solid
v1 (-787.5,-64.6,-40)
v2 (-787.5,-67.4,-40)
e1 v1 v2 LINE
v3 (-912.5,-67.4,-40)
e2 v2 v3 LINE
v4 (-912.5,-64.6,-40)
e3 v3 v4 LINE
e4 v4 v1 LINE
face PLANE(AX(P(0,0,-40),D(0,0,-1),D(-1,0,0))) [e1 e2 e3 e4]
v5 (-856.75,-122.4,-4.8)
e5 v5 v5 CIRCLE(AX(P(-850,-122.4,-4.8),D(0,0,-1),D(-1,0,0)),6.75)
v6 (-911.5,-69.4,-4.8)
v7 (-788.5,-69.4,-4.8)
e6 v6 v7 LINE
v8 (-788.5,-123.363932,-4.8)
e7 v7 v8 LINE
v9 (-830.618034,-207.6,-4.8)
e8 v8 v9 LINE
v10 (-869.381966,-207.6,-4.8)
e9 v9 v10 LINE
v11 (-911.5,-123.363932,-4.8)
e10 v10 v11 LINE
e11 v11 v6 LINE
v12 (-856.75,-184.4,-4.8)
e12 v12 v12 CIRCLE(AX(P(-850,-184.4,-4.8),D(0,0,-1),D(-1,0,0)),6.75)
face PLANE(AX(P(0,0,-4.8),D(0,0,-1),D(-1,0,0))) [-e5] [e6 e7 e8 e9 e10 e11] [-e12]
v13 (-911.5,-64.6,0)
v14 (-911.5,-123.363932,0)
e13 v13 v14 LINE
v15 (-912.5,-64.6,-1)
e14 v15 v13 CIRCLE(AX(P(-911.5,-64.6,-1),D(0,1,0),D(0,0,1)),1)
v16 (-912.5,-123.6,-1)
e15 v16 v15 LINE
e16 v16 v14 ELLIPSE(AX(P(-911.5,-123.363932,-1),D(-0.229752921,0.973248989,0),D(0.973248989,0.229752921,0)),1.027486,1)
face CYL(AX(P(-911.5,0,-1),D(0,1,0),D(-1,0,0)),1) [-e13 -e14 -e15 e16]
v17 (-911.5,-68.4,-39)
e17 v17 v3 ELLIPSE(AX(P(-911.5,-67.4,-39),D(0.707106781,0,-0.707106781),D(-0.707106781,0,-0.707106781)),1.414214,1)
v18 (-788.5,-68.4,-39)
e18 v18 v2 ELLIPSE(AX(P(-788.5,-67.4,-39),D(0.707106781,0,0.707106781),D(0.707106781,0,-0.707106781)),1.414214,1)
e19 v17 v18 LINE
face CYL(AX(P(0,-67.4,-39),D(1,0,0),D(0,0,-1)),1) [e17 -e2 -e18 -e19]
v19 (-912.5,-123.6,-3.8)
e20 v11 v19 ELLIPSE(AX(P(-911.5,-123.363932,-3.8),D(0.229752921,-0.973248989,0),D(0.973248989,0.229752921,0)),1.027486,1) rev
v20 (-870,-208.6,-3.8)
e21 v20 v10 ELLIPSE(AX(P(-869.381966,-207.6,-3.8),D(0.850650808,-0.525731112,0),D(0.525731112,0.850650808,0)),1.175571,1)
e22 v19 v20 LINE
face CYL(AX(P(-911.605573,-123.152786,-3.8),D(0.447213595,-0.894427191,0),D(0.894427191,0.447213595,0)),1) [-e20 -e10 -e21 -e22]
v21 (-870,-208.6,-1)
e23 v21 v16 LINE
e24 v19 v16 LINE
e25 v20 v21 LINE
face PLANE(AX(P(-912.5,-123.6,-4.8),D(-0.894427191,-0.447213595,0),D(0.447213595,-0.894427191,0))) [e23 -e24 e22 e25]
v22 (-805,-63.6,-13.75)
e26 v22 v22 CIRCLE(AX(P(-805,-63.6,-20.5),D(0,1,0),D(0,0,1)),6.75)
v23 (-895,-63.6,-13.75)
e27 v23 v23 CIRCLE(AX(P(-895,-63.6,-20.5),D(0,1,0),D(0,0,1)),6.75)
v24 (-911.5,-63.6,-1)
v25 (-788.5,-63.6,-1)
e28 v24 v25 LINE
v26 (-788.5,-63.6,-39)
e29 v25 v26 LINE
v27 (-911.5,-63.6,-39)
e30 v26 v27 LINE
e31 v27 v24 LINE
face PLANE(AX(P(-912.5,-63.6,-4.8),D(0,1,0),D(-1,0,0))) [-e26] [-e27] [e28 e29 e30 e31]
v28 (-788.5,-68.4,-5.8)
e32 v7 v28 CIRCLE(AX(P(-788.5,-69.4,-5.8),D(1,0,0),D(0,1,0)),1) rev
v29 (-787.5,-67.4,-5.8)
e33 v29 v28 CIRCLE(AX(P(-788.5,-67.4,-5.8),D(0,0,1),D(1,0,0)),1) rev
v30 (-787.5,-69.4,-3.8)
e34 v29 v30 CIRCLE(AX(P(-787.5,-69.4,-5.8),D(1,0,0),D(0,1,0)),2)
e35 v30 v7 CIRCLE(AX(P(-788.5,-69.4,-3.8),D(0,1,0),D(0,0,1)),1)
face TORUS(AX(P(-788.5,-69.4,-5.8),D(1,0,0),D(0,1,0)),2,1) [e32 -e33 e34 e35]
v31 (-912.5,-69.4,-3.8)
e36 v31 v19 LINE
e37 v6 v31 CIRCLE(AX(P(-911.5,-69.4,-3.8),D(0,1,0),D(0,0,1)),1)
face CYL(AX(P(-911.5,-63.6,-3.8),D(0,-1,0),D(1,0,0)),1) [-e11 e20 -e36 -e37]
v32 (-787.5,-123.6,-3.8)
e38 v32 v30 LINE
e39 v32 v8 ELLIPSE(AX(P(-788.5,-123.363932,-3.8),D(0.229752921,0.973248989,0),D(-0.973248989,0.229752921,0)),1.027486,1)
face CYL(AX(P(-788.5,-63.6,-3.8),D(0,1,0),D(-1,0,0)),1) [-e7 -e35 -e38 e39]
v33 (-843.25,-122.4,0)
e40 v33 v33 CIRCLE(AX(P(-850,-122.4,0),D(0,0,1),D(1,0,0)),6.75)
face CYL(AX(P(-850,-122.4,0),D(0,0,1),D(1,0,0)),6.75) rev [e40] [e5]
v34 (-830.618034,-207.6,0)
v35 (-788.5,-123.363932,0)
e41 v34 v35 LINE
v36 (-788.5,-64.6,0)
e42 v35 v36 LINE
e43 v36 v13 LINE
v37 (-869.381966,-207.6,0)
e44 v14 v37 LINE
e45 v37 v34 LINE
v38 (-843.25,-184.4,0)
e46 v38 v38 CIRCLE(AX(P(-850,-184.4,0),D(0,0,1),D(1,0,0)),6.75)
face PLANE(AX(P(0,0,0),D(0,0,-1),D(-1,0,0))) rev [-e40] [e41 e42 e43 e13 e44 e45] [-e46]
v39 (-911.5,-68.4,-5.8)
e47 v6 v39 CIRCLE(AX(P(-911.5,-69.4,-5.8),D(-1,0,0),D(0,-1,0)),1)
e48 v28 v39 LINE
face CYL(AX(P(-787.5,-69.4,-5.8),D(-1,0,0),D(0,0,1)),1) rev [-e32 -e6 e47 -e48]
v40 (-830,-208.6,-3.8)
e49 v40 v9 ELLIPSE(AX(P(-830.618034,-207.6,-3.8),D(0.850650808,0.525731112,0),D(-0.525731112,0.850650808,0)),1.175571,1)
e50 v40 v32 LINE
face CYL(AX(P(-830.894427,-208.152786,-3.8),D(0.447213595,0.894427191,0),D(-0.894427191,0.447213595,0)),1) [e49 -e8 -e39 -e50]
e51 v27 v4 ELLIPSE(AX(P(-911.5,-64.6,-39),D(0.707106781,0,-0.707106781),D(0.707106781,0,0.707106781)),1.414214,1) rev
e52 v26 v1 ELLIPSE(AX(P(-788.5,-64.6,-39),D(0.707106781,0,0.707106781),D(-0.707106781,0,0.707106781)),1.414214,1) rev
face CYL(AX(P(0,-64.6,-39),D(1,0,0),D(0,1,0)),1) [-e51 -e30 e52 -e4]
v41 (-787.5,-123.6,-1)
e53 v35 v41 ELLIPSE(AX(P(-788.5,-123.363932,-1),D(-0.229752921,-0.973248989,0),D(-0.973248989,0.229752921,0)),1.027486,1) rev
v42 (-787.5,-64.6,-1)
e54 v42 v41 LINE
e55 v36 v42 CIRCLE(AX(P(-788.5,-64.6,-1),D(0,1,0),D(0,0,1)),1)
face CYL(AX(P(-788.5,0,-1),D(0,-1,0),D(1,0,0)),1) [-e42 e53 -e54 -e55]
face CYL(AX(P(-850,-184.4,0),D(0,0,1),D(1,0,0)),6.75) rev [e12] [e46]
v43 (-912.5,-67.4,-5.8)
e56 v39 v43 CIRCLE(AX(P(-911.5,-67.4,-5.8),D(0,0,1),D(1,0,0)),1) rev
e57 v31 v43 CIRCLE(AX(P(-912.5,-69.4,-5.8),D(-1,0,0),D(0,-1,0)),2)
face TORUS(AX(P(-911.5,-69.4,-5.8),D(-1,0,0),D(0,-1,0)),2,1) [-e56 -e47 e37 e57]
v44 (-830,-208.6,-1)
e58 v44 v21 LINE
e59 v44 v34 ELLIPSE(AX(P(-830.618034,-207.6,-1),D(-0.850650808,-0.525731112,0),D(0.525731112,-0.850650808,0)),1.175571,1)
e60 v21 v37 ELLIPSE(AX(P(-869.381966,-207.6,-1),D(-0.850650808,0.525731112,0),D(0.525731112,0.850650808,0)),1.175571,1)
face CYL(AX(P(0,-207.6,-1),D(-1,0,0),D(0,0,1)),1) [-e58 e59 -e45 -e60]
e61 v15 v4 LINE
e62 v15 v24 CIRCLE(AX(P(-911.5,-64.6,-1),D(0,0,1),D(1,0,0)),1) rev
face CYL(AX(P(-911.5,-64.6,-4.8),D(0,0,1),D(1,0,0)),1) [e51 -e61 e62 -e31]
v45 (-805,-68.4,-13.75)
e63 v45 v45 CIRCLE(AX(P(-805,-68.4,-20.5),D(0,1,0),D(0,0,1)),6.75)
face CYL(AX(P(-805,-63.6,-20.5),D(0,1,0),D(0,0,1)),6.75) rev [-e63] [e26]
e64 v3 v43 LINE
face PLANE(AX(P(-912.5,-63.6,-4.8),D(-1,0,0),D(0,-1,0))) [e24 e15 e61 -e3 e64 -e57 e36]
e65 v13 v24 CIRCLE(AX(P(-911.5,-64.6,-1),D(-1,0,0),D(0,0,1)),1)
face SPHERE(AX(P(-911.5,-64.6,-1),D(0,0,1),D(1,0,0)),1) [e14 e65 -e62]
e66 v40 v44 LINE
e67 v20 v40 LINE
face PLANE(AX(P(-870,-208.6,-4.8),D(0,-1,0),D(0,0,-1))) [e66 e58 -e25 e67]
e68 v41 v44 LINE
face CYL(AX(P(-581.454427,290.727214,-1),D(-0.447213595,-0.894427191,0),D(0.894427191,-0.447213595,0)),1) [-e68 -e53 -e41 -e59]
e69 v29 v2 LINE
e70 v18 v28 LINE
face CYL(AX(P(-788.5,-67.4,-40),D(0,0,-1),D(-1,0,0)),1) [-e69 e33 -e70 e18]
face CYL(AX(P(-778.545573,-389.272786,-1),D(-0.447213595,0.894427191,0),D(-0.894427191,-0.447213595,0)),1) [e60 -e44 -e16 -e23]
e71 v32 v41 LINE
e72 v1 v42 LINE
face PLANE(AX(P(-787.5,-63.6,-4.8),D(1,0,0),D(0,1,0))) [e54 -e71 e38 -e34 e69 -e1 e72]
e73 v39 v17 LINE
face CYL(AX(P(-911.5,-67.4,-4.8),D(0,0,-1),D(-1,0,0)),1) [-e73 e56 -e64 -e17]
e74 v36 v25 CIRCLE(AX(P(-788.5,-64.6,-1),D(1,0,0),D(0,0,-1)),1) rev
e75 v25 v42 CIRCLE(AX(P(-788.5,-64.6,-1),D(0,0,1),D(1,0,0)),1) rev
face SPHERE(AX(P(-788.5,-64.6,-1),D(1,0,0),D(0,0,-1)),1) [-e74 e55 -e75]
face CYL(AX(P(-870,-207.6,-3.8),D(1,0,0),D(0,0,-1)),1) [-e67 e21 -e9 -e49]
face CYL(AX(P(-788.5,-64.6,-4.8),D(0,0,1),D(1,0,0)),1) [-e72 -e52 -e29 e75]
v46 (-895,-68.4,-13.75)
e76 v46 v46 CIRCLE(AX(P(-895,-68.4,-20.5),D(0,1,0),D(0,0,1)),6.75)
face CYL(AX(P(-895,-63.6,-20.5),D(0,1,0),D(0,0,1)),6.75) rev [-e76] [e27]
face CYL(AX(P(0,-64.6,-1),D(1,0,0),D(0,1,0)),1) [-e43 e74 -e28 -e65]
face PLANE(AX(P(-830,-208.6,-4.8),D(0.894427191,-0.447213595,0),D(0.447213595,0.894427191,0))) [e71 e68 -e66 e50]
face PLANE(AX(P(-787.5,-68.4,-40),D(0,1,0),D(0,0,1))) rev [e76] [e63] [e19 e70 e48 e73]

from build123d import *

# Parameters (mm, degrees)
SALIENTE_EXTRUIR1_DEPTH       = 4.8
CROQUIS2_W                    = 125
CROQUIS2_H                    = 4.8
SALIENTE_EXTRUIR2_DEPTH       = 35.2
REDONDEO1_R                   = 1
TALADRO_DE_MARGEN_PARA_M121_D = 13.5
TALADRO_DE_MARGEN_PARA_M122_D = 13.5


with BuildPart() as part:
    # Croquis1 → Saliente-Extruir1 (new body)
    with BuildSketch(Plane.XY):
        Polygon((-912.5, -63.6), (-912.5, -123.6), (-870, -208.6), (-830, -208.6), (-787.5, -123.6), (-787.5, -63.6), align=None)
    extrude(amount=-SALIENTE_EXTRUIR1_DEPTH)

    # Croquis2 → Saliente-Extruir2 (add)
    with BuildSketch(Plane(origin=(0, 0, -4.8), x_dir=(-1, 0, 0), z_dir=(0, 0, -1))):
        with Locations((850, -66)):
            Rectangle(CROQUIS2_W, CROQUIS2_H)
    extrude(amount=SALIENTE_EXTRUIR2_DEPTH)

    # Redondeo1
    redondeo1_edges = [part.edges().sort_by_distance(p)[0] for p in [
        (-912.5, -63.6, -20),
        (-787.5, -63.6, -20),
        (-912.5, -96, -4.8),
        (-891.25, -166.1, -4.8),
        (-850, -68.4, -4.8),
        (-787.5, -68.4, -22.4),
        (-912.5, -68.4, -22.4),
        (-850, -68.4, -40),
        (-850, -63.6, -40),
        (-850, -208.6, -4.8),
        (-808.75, -166.1, -4.8),
        (-850, -208.6, 0),
        (-891.25, -166.1, 0),
        (-912.5, -93.6, 0),
        (-850, -63.6, 0),
        (-787.5, -93.6, 0),
        (-808.75, -166.1, 0),
        (-787.5, -96, -4.8),
    ]]
    fillet(redondeo1_edges, radius=REDONDEO1_R)

    # Taladro de margen para M121 (through all)
    with Locations(Plane(origin=(0, -63.6, 0), x_dir=(1, 0, 0), z_dir=(0, 1, 0))):
        with Locations((-895, 20.5), (-805, 20.5)):
            Hole(TALADRO_DE_MARGEN_PARA_M121_D / 2)

    # Taladro de margen para M122 (through all)
    with Locations(Plane.XY):
        with Locations((-850, -122.4), (-850, -184.4)):
            Hole(TALADRO_DE_MARGEN_PARA_M122_D / 2)


solid = part.part
